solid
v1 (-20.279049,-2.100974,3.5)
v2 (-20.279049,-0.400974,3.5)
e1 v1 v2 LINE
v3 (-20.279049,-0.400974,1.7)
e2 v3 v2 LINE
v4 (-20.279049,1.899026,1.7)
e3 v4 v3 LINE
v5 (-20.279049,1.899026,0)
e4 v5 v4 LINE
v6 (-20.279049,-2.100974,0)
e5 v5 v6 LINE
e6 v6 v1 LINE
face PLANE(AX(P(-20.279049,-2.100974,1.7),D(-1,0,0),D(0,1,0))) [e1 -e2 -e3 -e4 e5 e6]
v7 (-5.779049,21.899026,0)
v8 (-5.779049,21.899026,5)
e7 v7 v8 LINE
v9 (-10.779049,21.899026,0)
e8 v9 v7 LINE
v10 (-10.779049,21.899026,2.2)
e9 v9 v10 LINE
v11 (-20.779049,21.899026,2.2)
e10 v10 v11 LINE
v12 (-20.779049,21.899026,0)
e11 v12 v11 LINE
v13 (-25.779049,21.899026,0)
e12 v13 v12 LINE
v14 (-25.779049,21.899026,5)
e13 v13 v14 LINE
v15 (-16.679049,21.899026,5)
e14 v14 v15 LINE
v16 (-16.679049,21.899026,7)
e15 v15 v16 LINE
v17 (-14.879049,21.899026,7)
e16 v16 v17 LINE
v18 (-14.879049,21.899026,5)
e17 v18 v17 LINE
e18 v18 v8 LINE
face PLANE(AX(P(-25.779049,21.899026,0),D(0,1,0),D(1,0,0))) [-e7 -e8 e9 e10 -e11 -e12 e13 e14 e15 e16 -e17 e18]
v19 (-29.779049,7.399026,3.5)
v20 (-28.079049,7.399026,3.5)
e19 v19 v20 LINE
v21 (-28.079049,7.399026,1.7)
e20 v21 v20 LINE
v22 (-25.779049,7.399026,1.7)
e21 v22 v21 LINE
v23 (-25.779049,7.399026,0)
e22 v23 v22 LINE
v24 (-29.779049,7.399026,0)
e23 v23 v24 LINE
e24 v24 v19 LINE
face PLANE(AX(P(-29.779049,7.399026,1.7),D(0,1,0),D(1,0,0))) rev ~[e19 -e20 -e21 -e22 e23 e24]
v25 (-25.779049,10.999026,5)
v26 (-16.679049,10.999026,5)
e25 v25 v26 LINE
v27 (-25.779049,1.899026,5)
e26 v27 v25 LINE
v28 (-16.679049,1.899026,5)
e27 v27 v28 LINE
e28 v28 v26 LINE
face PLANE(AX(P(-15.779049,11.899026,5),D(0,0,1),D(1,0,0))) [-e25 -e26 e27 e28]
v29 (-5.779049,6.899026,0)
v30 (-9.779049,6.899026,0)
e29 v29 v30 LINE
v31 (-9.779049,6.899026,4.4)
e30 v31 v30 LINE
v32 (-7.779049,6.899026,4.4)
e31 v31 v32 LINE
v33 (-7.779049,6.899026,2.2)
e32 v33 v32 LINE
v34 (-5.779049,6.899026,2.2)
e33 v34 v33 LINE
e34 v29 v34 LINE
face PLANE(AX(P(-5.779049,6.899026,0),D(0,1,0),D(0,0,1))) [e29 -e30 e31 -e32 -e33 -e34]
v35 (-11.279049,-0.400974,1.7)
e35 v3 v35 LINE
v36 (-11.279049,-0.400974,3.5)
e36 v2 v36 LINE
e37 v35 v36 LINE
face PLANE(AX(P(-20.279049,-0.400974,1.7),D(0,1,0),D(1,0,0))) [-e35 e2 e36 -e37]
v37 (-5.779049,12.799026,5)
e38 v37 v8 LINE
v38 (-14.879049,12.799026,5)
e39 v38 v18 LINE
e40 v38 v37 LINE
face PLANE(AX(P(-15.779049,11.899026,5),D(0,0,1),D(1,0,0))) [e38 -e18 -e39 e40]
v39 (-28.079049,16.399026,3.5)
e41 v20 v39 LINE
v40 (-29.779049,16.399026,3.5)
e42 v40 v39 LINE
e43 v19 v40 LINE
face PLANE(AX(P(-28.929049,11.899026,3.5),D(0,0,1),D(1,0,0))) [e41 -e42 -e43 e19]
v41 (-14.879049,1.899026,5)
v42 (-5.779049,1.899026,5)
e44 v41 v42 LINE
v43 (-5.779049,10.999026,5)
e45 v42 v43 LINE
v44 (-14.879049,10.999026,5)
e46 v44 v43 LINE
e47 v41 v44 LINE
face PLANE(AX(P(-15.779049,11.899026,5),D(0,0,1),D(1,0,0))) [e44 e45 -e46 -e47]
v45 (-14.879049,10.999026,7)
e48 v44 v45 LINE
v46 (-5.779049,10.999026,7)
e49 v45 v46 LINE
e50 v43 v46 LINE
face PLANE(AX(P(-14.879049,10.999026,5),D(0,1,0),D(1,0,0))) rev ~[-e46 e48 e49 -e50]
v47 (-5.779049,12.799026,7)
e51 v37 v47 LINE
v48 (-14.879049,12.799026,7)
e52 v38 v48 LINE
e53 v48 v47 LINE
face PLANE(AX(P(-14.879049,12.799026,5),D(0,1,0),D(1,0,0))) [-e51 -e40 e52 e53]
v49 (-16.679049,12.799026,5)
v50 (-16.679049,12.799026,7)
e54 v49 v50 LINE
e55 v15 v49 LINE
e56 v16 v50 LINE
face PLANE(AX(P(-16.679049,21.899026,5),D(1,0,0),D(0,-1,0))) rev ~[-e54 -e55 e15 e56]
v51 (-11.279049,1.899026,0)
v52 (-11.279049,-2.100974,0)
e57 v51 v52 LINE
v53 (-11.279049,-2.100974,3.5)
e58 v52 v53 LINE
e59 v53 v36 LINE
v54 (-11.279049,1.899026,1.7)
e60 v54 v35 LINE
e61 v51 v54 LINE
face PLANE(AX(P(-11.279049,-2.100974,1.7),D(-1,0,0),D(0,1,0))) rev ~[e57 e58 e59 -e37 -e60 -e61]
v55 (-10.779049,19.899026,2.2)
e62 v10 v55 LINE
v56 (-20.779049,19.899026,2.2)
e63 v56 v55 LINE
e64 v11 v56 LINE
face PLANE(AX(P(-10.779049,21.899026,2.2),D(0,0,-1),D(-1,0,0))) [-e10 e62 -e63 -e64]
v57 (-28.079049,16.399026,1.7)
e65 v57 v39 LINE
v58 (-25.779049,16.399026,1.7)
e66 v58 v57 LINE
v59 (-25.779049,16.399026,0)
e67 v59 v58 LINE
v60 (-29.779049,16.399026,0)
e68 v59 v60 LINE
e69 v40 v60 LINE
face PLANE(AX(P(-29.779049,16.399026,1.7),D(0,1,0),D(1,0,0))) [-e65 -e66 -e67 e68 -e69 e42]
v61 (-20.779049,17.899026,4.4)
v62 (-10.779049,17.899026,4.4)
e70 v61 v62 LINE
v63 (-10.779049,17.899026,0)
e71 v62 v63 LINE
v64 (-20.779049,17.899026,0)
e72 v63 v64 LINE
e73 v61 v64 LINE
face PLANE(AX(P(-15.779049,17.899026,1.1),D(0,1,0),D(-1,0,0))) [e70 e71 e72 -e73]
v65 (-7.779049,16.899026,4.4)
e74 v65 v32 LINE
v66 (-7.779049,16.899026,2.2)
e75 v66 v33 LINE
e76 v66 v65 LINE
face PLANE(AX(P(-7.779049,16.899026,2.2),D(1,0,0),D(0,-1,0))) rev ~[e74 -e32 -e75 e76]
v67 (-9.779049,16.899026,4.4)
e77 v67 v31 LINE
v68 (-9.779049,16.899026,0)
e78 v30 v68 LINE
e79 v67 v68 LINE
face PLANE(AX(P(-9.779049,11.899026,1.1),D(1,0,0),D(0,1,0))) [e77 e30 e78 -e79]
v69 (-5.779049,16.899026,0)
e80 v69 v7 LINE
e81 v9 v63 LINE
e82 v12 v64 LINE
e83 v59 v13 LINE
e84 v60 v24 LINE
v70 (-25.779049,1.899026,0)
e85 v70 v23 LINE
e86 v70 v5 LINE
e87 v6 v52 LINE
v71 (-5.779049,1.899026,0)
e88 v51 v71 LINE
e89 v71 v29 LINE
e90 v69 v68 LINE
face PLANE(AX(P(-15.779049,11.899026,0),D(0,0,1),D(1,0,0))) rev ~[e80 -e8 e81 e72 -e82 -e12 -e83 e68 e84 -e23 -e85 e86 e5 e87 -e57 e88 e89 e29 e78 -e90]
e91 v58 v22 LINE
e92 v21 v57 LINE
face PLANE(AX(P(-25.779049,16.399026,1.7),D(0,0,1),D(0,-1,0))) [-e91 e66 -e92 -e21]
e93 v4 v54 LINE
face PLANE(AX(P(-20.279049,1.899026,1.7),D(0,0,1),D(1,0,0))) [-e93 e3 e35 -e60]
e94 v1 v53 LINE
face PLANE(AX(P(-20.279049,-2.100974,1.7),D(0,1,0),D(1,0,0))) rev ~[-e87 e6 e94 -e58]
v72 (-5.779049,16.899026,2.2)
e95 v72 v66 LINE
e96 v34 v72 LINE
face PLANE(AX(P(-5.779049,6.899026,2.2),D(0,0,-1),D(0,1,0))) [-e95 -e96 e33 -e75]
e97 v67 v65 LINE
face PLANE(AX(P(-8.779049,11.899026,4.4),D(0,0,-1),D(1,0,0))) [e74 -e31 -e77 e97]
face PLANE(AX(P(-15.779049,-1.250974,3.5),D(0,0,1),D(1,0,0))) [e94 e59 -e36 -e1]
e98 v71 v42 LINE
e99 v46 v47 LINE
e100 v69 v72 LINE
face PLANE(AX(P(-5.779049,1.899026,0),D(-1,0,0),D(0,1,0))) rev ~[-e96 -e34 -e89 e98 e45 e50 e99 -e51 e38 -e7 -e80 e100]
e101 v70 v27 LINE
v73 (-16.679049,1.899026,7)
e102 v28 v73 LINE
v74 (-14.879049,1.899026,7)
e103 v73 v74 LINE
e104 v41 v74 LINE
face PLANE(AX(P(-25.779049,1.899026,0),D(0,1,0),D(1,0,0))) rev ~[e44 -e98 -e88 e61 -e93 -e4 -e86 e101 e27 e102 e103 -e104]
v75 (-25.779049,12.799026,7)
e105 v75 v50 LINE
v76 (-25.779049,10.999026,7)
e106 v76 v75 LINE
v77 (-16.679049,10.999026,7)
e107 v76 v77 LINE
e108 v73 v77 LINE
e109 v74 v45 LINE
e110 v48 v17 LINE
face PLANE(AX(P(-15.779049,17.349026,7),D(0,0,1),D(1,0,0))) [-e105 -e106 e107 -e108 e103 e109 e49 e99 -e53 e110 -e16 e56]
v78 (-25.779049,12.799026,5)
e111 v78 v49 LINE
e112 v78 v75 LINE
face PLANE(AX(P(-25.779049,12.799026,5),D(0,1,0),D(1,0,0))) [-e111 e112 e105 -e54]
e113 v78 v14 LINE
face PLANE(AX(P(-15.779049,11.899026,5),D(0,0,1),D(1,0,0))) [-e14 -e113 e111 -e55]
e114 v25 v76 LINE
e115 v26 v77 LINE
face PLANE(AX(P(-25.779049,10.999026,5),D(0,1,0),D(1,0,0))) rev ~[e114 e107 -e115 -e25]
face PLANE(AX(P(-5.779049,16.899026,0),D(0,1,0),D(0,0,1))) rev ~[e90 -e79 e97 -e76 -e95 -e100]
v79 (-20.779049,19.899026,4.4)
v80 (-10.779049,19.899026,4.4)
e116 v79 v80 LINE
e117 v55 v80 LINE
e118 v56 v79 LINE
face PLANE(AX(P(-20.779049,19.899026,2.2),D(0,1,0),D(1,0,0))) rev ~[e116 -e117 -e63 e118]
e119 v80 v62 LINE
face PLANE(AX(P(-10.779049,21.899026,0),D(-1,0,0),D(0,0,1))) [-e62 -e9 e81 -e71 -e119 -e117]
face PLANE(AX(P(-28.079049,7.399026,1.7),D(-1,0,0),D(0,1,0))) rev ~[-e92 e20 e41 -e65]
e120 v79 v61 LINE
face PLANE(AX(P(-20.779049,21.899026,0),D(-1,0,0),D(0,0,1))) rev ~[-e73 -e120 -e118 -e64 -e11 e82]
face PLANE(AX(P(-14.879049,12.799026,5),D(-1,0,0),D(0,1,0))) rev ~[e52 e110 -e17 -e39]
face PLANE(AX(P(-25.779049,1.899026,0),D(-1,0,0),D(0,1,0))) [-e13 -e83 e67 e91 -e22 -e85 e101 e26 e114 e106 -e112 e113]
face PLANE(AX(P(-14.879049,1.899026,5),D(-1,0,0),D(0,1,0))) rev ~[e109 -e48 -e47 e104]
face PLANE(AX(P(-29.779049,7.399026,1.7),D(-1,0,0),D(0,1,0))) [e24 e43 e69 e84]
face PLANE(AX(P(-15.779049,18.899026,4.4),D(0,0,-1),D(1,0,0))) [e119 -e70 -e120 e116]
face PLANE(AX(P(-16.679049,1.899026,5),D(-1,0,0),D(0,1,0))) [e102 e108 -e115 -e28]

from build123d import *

# Parameters (mm, degrees)
F0_W      = 20
F0_H      = 20
F1_DEPTH  = 5
F2_W      = 1.8
F2_H      = 9.1
F2_H_2    = 1.8
F2_W_2    = 9.1
F3_DEPTH  = 2
F4_W      = 9
F4_H      = 1.7
F5_DEPTH  = 4
F6_W      = 9
F6_H      = 1.7
F7_DEPTH  = 4
F8_W      = 10
F8_H      = 2.2
F9_DEPTH  = 4
F10_W     = 10
F10_H     = 2.2
F11_DEPTH = 4
F12_W     = 2
F12_H     = 10
F13_DEPTH = 2.2
F14_W     = 10
F14_H     = 2
F15_DEPTH = 2.2
F16_W     = 9
F16_H     = 1.7
F17_DEPTH = 1.8
F18_W     = 1.7
F18_H     = 9
F19_DEPTH = 1.8


with BuildPart() as f1:
    # F0 (on Top) → F1 (new body)
    with BuildSketch(Plane.XY):
        with Locations((-15.7790486701, 11.8990262393)):
            Rectangle(F0_W, F0_H)
    extrude(amount=F1_DEPTH)

    # F2 (on face) → F3 (join)
    with BuildSketch(Plane.XY.offset(5)):
        with Locations((-15.7790486701, 17.3490262393)):
            Rectangle(F2_W, F2_H)
        with Locations((-15.7790486701, 11.8990262393)):
            Rectangle(F2_W, F2_H_2)
        with Locations((-21.2290486701, 11.8990262393)):
            Rectangle(F2_W_2, F2_H_2)
        with Locations((-10.3290486701, 11.8990262393)):
            Rectangle(F2_W_2, F2_H_2)
        with Locations((-15.7790486701, 6.4490262393)):
            Rectangle(F2_W, F2_H)
    extrude(amount=F3_DEPTH)

    # F4 (on face) → F5 (join)
    with BuildSketch(Plane.XZ.offset(-1.8990262393)):
        with Locations((-15.7790486701, 0.85)):
            Rectangle(F4_W, F4_H)
    extrude(amount=F5_DEPTH)

    # F6 (on face) → F7 (join)
    with BuildSketch(Plane(origin=(-25.7790486701, 0, 0), x_dir=(0, -1, 0), z_dir=(-1, 0, 0))):
        with Locations((-11.8990262393, 0.85)):
            Rectangle(F6_W, F6_H)
    extrude(amount=F7_DEPTH)

    # F8 (on face) → F9 (cut)
    with BuildSketch(Plane(origin=(0, 21.8990262393, 0), x_dir=(-1, 0, 0), z_dir=(0, 1, 0))):
        with Locations((15.7790486701, 1.1)):
            Rectangle(F8_W, F8_H)
    extrude(amount=-F9_DEPTH, mode=Mode.SUBTRACT)

    # F10 (on face) → F11 (cut)
    with BuildSketch(Plane.YZ.offset(-5.7790486701)):
        with Locations((11.8990262393, 1.1)):
            Rectangle(F10_W, F10_H)
    extrude(amount=-F11_DEPTH, mode=Mode.SUBTRACT)

    # F12 (on face) → F13 (cut)
    with BuildSketch(Plane(origin=(0, 0, 2.2), x_dir=(1, 0, 0), z_dir=(0, 0, -1))):
        with Locations((-8.7790486701, -11.8990262393)):
            Rectangle(F12_W, F12_H)
    extrude(amount=-F13_DEPTH, mode=Mode.SUBTRACT)

    # F14 (on face) → F15 (cut)
    with BuildSketch(Plane(origin=(0, 0, 2.2), x_dir=(1, 0, 0), z_dir=(0, 0, -1))):
        with Locations((-15.7790486701, -18.8990262393)):
            Rectangle(F14_W, F14_H)
    extrude(amount=-F15_DEPTH, mode=Mode.SUBTRACT)

    # F16 (on face) → F17 (join)
    with BuildSketch(Plane.XY.offset(1.7)):
        with Locations((-15.7790486701, -1.2509737607)):
            Rectangle(F16_W, F16_H)
    extrude(amount=F17_DEPTH)

    # F18 (on face) → F19 (join)
    with BuildSketch(Plane.XY.offset(1.7)):
        with Locations((-28.9290486701, 11.8990262393)):
            Rectangle(F18_W, F18_H)
    extrude(amount=F19_DEPTH)


solid = f1.part
